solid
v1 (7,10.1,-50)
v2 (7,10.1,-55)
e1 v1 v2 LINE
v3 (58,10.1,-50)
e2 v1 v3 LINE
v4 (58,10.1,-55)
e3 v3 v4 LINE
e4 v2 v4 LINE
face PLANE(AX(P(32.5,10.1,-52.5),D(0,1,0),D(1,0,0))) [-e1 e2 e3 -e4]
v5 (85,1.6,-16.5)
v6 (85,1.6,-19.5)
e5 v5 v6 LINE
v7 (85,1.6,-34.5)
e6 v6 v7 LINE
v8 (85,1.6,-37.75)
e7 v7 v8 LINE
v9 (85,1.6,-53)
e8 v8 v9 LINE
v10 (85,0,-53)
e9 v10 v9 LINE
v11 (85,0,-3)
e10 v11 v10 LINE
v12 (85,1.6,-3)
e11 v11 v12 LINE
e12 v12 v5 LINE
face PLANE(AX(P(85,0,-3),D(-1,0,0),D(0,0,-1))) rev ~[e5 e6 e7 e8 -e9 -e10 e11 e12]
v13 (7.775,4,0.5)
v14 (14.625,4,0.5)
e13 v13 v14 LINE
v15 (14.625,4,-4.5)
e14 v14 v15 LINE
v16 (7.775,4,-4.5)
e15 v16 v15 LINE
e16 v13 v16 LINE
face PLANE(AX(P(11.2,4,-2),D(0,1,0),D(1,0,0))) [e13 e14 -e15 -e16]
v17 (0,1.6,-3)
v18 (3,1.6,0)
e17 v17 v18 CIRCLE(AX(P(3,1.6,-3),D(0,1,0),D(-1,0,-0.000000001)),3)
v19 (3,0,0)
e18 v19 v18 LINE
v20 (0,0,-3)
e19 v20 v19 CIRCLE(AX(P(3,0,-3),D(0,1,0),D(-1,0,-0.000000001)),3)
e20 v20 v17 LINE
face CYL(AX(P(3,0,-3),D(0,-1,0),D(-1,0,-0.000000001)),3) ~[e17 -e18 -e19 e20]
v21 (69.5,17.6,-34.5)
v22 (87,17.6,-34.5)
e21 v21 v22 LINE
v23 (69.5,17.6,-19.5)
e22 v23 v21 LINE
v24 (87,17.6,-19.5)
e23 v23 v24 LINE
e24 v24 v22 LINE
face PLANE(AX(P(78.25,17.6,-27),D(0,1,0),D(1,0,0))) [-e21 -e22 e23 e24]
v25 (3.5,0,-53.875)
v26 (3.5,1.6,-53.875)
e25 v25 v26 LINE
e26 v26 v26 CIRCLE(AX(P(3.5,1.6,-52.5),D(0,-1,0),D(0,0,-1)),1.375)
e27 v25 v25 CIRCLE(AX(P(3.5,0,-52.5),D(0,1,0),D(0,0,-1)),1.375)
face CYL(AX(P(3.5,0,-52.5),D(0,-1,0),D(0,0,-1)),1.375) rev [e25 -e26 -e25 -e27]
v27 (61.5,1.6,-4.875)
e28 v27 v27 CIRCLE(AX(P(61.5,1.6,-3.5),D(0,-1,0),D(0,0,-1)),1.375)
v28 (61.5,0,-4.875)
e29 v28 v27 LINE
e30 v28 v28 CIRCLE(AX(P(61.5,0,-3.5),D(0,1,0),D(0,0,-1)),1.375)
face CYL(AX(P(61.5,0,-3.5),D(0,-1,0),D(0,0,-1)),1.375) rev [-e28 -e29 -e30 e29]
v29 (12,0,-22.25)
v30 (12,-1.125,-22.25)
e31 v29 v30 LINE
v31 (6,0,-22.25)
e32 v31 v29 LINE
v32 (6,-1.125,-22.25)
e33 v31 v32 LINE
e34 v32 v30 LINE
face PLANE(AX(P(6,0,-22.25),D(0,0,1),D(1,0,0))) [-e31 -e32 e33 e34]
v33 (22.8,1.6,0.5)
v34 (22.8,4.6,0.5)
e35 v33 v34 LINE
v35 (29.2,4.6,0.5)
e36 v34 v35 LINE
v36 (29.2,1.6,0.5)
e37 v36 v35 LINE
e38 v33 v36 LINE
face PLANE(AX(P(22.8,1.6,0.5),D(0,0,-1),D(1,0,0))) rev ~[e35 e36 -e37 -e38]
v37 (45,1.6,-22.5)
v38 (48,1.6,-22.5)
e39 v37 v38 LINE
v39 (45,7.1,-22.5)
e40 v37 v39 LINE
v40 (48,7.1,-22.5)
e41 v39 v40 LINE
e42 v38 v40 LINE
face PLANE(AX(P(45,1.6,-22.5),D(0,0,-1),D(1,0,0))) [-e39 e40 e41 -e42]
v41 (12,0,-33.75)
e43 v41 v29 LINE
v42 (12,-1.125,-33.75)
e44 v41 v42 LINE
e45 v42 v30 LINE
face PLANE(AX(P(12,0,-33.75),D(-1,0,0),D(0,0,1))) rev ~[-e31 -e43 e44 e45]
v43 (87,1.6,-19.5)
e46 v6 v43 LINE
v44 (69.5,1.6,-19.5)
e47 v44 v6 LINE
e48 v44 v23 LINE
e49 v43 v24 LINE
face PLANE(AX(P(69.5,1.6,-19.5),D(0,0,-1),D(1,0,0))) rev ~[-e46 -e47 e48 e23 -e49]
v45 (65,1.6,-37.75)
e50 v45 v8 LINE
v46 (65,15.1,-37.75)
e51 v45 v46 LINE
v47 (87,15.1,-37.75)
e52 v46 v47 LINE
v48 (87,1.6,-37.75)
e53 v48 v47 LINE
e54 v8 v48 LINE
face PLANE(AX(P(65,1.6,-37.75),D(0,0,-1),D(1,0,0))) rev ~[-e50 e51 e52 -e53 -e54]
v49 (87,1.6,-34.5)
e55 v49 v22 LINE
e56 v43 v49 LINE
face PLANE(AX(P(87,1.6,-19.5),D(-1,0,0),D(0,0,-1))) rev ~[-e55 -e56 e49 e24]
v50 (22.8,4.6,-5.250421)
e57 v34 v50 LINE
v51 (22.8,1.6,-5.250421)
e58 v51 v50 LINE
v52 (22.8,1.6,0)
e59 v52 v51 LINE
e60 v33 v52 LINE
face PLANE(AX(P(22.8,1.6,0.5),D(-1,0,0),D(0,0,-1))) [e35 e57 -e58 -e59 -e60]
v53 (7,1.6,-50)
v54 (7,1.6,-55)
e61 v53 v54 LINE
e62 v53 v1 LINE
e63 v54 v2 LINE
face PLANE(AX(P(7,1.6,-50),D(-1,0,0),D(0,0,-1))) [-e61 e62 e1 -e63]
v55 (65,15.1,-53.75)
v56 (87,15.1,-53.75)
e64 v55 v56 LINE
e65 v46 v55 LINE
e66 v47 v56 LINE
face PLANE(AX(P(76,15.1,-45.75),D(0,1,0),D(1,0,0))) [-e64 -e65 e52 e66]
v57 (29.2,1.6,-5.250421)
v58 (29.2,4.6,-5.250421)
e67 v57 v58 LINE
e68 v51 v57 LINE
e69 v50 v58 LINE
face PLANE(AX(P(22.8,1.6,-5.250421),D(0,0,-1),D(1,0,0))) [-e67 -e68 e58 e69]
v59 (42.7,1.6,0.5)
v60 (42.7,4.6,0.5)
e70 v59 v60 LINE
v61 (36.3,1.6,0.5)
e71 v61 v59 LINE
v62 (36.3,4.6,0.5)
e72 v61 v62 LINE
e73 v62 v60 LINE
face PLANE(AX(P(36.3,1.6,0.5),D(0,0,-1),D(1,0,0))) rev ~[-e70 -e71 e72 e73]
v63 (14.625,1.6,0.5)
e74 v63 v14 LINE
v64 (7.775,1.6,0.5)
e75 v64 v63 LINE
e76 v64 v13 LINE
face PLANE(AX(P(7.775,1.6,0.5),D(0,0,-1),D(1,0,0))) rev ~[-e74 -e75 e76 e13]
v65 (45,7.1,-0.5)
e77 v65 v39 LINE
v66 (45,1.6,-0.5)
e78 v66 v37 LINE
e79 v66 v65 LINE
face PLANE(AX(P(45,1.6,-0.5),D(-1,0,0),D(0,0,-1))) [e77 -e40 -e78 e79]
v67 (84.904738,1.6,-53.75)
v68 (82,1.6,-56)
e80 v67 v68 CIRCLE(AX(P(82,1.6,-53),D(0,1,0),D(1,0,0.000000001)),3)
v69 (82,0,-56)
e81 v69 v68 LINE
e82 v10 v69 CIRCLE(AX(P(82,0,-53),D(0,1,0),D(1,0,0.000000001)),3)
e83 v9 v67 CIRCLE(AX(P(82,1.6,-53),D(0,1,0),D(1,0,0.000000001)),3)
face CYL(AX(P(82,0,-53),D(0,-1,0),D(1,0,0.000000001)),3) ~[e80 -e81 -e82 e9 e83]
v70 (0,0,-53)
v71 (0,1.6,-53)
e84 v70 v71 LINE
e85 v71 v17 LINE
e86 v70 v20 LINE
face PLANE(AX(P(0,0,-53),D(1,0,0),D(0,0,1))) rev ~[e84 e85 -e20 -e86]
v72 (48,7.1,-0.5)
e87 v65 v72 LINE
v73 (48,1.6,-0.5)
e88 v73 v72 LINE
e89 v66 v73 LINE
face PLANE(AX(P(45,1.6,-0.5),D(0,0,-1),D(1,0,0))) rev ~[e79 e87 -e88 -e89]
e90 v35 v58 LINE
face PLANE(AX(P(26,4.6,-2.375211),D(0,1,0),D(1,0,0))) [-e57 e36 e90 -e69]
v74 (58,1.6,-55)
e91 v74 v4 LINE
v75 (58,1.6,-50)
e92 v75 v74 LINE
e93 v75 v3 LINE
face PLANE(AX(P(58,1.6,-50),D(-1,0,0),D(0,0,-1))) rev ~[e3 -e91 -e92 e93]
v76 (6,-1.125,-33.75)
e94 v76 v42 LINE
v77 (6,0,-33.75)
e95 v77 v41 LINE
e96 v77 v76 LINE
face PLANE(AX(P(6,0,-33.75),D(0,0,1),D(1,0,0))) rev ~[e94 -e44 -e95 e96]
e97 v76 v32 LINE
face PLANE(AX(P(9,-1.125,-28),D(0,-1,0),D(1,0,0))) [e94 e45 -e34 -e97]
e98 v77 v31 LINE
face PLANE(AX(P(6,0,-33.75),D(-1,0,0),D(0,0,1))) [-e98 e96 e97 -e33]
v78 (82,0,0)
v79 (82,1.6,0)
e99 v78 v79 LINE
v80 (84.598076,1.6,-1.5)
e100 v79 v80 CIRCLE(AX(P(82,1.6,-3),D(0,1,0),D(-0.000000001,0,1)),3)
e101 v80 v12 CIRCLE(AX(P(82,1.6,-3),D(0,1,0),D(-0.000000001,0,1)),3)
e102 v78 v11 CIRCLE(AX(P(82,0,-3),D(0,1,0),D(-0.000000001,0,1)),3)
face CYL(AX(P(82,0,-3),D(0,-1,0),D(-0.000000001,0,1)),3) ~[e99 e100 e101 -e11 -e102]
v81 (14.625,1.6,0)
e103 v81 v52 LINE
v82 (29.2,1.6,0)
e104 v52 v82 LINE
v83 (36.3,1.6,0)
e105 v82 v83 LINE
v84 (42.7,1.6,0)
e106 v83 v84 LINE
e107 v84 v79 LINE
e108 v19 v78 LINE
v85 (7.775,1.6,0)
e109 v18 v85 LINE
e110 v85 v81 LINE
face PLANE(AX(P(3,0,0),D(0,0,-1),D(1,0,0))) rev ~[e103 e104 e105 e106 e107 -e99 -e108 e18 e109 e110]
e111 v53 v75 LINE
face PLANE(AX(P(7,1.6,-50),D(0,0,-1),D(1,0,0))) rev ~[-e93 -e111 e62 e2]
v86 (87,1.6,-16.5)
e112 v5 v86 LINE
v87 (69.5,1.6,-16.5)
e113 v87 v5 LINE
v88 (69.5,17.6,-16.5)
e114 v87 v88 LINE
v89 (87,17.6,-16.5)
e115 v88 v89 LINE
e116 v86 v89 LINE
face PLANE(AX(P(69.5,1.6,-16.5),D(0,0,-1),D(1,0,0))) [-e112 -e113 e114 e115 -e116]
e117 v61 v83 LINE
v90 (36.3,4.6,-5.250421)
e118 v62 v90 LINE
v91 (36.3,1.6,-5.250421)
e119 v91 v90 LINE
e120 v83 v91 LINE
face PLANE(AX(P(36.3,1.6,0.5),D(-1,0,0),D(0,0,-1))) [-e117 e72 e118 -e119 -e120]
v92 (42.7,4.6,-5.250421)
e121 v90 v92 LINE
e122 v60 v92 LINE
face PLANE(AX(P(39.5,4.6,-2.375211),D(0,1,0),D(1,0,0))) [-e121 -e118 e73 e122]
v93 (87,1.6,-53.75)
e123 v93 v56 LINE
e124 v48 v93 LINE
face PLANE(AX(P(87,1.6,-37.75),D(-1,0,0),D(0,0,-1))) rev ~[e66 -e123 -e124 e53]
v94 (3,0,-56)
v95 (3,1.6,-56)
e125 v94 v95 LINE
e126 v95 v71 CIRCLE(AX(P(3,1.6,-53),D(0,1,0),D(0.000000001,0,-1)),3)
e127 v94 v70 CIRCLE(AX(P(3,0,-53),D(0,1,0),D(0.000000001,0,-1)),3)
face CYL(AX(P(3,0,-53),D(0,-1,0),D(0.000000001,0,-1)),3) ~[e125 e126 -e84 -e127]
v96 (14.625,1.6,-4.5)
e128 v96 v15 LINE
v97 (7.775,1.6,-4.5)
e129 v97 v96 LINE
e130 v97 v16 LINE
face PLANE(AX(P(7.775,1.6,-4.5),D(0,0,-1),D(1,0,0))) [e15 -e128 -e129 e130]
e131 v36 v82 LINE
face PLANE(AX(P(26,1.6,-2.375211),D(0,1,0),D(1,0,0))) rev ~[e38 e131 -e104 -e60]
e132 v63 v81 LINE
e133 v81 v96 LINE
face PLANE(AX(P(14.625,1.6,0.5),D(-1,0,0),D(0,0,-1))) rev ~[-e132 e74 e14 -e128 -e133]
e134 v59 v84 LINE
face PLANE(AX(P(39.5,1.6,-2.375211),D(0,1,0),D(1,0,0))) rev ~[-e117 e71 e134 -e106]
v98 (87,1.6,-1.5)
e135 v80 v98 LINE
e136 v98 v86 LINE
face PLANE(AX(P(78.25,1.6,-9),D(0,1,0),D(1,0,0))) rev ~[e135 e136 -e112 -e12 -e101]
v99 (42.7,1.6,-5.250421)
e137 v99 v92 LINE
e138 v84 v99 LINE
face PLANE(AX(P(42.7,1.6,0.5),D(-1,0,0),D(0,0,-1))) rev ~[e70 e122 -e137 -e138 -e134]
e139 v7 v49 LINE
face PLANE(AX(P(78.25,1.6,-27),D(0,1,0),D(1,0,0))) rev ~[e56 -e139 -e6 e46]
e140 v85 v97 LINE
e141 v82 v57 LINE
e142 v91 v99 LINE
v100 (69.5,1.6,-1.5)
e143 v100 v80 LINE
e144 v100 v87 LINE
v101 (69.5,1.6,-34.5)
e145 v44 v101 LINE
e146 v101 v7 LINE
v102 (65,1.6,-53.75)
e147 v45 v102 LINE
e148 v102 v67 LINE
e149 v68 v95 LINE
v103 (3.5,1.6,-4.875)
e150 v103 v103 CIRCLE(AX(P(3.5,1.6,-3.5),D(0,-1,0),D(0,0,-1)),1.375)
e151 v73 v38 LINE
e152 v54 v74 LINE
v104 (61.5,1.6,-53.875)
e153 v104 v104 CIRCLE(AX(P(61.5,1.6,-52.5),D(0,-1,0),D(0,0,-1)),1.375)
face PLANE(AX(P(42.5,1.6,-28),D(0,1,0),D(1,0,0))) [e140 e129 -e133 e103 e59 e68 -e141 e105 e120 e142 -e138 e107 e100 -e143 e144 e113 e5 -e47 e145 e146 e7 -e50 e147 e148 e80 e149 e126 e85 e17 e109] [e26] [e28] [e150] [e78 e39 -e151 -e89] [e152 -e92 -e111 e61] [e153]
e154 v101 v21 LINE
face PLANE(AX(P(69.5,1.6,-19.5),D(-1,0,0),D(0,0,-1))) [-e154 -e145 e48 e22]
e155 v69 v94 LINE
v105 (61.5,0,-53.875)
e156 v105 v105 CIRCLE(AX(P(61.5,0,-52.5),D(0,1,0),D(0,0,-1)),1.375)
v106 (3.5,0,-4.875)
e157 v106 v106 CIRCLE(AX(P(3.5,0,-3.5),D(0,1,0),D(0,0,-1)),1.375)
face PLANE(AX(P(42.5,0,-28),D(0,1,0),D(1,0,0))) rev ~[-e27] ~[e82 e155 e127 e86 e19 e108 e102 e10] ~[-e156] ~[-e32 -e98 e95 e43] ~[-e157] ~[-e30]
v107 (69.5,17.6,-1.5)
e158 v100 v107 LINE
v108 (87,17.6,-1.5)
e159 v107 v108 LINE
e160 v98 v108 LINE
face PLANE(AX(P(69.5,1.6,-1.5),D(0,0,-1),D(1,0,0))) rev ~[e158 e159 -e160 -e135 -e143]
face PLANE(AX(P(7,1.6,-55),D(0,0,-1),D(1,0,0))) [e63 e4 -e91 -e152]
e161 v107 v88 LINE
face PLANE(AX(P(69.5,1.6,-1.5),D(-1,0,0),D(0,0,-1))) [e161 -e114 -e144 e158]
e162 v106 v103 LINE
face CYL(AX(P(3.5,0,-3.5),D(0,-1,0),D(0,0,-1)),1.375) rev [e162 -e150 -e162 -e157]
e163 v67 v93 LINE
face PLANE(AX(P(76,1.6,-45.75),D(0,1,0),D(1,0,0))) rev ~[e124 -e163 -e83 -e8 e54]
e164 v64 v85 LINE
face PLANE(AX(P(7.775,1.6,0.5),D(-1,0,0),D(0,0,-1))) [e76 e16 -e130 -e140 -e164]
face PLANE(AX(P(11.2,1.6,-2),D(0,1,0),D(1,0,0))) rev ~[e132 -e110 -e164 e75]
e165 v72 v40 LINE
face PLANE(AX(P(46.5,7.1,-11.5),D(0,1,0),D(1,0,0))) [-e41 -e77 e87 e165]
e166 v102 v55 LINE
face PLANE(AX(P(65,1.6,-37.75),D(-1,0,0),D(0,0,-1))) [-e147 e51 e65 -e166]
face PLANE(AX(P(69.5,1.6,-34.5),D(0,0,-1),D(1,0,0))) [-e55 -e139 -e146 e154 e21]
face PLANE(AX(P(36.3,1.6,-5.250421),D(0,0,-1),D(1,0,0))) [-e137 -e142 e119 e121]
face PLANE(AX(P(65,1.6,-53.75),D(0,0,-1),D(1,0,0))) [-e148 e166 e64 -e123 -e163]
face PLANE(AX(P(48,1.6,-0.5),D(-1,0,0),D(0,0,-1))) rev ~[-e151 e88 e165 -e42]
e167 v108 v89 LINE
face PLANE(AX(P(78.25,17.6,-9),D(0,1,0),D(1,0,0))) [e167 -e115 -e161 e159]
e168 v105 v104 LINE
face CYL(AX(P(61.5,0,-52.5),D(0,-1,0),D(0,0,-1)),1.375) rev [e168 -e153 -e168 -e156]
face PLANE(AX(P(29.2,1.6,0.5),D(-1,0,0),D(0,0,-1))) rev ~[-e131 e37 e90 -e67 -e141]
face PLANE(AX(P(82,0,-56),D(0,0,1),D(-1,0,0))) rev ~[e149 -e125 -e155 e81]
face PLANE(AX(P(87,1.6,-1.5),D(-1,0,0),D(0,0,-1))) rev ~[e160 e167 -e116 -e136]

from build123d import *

# Parameters (mm, degrees)
MAIN_BOARD_DEPTH    = 1.6
BOARD_HOLES_REACH   = 103.802
SKETCH3_R           = 1.375
MICROUSB_PWR_W      = 6.85
MICROUSB_PWR_H      = 5
USB_C_DEPTH         = 2.4
SKETCH5_W           = 6.4
SKETCH5_H           = 5.750421271
MICROHDMIS_DEPTH    = 3
SKETCH6_W           = 3
SKETCH6_H           = 22
CAMERA_PORT_DEPTH   = 5.5
SKETCH7_W           = 22
SKETCH7_H           = 16
ETHERNET_PORT_DEPTH = 13.5
SKETCH8_W           = 17.5
SKETCH8_H           = 15
USB_1_DEPTH         = 16
SKETCH9_W           = 17.5
SKETCH9_H           = 15
USB_2_DEPTH         = 16
SKETCH10_W          = 51
SKETCH10_H          = 5
GPIO_DEPTH          = 8.5
SKETCH11_W          = 6
SKETCH11_H          = 11.5
BOSS_EXTRUDE1_DEPTH = 1.125


with BuildPart() as part:
    # Sketch2 → Main Board (new body)
    with BuildSketch(Plane(origin=(0, 0, 0), x_dir=(1, 0, 0), z_dir=(0, 1, 0))):
        with BuildLine():
            Line((3, 0), (82, 0))
            ThreePointArc((82, 0), (84.121320344, 0.878679656), (85, 3))
            Line((85, 3), (85, 53))
            ThreePointArc((85, 53), (84.121320344, 55.121320344), (82, 56))
            Line((82, 56), (3, 56))
            ThreePointArc((3, 56), (0.878679656, 55.121320344), (0, 53))
            Line((0, 53), (0, 3))
            ThreePointArc((0, 3), (0.878679656, 0.878679656), (3, 0))
        make_face()
    extrude(amount=MAIN_BOARD_DEPTH)

    # Sketch3 → Board Holes (cut, up to next)
    with BuildSketch(Plane(origin=(0, 0, 0), x_dir=(1, 0, 0), z_dir=(0, 1, 0)), mode=Mode.PRIVATE) as board_holes_sk1:
        with Locations(Location((3.5, 3.5, 0), (0, 0, 90))):
            Circle(SKETCH3_R)
    board_holes_tool1 = extrude(board_holes_sk1.sketch, amount=BOARD_HOLES_REACH, mode=Mode.PRIVATE) & part.part
    # Sketch3 → Board Holes (cut, up to next)
    with BuildSketch(Plane(origin=(0, 0, 0), x_dir=(1, 0, 0), z_dir=(0, 1, 0)), mode=Mode.PRIVATE) as board_holes_sk2:
        with Locations(Location((3.5, 52.5, 0), (0, 0, 90))):
            Circle(SKETCH3_R)
    board_holes_tool2 = extrude(board_holes_sk2.sketch, amount=BOARD_HOLES_REACH, mode=Mode.PRIVATE) & part.part
    # Sketch3 → Board Holes (cut, up to next)
    with BuildSketch(Plane(origin=(0, 0, 0), x_dir=(1, 0, 0), z_dir=(0, 1, 0)), mode=Mode.PRIVATE) as board_holes_sk3:
        with Locations(Location((61.5, 52.5, 0), (0, 0, 90))):
            Circle(SKETCH3_R)
    board_holes_tool3 = extrude(board_holes_sk3.sketch, amount=BOARD_HOLES_REACH, mode=Mode.PRIVATE) & part.part
    # Sketch3 → Board Holes (cut, up to next)
    with BuildSketch(Plane(origin=(0, 0, 0), x_dir=(1, 0, 0), z_dir=(0, 1, 0)), mode=Mode.PRIVATE) as board_holes_sk4:
        with Locations(Location((61.5, 3.5, 0), (0, 0, 90))):
            Circle(SKETCH3_R)
    board_holes_tool4 = extrude(board_holes_sk4.sketch, amount=BOARD_HOLES_REACH, mode=Mode.PRIVATE) & part.part
    add(board_holes_tool1.solids().sort_by_distance((3.5, 0, -3.5))[0], mode=Mode.SUBTRACT)
    add(board_holes_tool2.solids().sort_by_distance((3.5, 0, -52.5))[0], mode=Mode.SUBTRACT)
    add(board_holes_tool3.solids().sort_by_distance((61.5, 0, -52.5))[0], mode=Mode.SUBTRACT)
    add(board_holes_tool4.solids().sort_by_distance((61.5, 0, -3.5))[0], mode=Mode.SUBTRACT)

    # MicroUSB PWR → USB C (add)
    with BuildSketch(Plane(origin=(0, 1.6, 0), x_dir=(1, 0, 0), z_dir=(0, 1, 0))):
        with Locations((11.2, 2)):
            Rectangle(MICROUSB_PWR_W, MICROUSB_PWR_H)
    extrude(amount=USB_C_DEPTH)

    # Sketch5 → MicroHDMIs (add)
    with BuildSketch(Plane(origin=(0, 1.6, 0), x_dir=(1, 0, 0), z_dir=(0, 1, 0))):
        with Locations((26, 2.375210636)):
            Rectangle(SKETCH5_W, SKETCH5_H)
        with Locations((39.5, 2.375210636)):
            Rectangle(SKETCH5_W, SKETCH5_H)
    extrude(amount=MICROHDMIS_DEPTH)

    # Sketch6 → Camera Port (add)
    with BuildSketch(Plane(origin=(0, 1.6, 0), x_dir=(1, 0, 0), z_dir=(0, 1, 0))):
        with Locations((46.5, 11.5)):
            Rectangle(SKETCH6_W, SKETCH6_H)
    extrude(amount=CAMERA_PORT_DEPTH)

    # Sketch7 → Ethernet port (add)
    with BuildSketch(Plane(origin=(0, 1.6, 0), x_dir=(1, 0, 0), z_dir=(0, 1, 0))):
        with Locations((76, 45.75)):
            Rectangle(SKETCH7_W, SKETCH7_H)
    extrude(amount=ETHERNET_PORT_DEPTH)

    # Sketch8 → USB 1 (add)
    with BuildSketch(Plane(origin=(0, 1.6, 0), x_dir=(1, 0, 0), z_dir=(0, 1, 0))):
        with Locations((78.25, 9)):
            Rectangle(SKETCH8_W, SKETCH8_H)
    extrude(amount=USB_1_DEPTH)

    # Sketch9 → USB 2 (add)
    with BuildSketch(Plane(origin=(0, 1.6, 1.6), x_dir=(1, 0, 0), z_dir=(0, 1, 0))):
        with Locations((78.25, 28.6)):
            Rectangle(SKETCH9_W, SKETCH9_H)
    extrude(amount=USB_2_DEPTH)

    # Sketch10 → GPIO (add)
    with BuildSketch(Plane(origin=(0, 1.6, 0), x_dir=(1, 0, 0), z_dir=(0, 1, 0))):
        with Locations((32.5, 52.5)):
            Rectangle(SKETCH10_W, SKETCH10_H)
    extrude(amount=GPIO_DEPTH)

    # Sketch11 → Boss-Extrude1 (add)
    with BuildSketch(Plane.XZ):
        with Locations((9, -28)):
            Rectangle(SKETCH11_W, SKETCH11_H)
    extrude(amount=BOSS_EXTRUDE1_DEPTH)


solid = part.part
